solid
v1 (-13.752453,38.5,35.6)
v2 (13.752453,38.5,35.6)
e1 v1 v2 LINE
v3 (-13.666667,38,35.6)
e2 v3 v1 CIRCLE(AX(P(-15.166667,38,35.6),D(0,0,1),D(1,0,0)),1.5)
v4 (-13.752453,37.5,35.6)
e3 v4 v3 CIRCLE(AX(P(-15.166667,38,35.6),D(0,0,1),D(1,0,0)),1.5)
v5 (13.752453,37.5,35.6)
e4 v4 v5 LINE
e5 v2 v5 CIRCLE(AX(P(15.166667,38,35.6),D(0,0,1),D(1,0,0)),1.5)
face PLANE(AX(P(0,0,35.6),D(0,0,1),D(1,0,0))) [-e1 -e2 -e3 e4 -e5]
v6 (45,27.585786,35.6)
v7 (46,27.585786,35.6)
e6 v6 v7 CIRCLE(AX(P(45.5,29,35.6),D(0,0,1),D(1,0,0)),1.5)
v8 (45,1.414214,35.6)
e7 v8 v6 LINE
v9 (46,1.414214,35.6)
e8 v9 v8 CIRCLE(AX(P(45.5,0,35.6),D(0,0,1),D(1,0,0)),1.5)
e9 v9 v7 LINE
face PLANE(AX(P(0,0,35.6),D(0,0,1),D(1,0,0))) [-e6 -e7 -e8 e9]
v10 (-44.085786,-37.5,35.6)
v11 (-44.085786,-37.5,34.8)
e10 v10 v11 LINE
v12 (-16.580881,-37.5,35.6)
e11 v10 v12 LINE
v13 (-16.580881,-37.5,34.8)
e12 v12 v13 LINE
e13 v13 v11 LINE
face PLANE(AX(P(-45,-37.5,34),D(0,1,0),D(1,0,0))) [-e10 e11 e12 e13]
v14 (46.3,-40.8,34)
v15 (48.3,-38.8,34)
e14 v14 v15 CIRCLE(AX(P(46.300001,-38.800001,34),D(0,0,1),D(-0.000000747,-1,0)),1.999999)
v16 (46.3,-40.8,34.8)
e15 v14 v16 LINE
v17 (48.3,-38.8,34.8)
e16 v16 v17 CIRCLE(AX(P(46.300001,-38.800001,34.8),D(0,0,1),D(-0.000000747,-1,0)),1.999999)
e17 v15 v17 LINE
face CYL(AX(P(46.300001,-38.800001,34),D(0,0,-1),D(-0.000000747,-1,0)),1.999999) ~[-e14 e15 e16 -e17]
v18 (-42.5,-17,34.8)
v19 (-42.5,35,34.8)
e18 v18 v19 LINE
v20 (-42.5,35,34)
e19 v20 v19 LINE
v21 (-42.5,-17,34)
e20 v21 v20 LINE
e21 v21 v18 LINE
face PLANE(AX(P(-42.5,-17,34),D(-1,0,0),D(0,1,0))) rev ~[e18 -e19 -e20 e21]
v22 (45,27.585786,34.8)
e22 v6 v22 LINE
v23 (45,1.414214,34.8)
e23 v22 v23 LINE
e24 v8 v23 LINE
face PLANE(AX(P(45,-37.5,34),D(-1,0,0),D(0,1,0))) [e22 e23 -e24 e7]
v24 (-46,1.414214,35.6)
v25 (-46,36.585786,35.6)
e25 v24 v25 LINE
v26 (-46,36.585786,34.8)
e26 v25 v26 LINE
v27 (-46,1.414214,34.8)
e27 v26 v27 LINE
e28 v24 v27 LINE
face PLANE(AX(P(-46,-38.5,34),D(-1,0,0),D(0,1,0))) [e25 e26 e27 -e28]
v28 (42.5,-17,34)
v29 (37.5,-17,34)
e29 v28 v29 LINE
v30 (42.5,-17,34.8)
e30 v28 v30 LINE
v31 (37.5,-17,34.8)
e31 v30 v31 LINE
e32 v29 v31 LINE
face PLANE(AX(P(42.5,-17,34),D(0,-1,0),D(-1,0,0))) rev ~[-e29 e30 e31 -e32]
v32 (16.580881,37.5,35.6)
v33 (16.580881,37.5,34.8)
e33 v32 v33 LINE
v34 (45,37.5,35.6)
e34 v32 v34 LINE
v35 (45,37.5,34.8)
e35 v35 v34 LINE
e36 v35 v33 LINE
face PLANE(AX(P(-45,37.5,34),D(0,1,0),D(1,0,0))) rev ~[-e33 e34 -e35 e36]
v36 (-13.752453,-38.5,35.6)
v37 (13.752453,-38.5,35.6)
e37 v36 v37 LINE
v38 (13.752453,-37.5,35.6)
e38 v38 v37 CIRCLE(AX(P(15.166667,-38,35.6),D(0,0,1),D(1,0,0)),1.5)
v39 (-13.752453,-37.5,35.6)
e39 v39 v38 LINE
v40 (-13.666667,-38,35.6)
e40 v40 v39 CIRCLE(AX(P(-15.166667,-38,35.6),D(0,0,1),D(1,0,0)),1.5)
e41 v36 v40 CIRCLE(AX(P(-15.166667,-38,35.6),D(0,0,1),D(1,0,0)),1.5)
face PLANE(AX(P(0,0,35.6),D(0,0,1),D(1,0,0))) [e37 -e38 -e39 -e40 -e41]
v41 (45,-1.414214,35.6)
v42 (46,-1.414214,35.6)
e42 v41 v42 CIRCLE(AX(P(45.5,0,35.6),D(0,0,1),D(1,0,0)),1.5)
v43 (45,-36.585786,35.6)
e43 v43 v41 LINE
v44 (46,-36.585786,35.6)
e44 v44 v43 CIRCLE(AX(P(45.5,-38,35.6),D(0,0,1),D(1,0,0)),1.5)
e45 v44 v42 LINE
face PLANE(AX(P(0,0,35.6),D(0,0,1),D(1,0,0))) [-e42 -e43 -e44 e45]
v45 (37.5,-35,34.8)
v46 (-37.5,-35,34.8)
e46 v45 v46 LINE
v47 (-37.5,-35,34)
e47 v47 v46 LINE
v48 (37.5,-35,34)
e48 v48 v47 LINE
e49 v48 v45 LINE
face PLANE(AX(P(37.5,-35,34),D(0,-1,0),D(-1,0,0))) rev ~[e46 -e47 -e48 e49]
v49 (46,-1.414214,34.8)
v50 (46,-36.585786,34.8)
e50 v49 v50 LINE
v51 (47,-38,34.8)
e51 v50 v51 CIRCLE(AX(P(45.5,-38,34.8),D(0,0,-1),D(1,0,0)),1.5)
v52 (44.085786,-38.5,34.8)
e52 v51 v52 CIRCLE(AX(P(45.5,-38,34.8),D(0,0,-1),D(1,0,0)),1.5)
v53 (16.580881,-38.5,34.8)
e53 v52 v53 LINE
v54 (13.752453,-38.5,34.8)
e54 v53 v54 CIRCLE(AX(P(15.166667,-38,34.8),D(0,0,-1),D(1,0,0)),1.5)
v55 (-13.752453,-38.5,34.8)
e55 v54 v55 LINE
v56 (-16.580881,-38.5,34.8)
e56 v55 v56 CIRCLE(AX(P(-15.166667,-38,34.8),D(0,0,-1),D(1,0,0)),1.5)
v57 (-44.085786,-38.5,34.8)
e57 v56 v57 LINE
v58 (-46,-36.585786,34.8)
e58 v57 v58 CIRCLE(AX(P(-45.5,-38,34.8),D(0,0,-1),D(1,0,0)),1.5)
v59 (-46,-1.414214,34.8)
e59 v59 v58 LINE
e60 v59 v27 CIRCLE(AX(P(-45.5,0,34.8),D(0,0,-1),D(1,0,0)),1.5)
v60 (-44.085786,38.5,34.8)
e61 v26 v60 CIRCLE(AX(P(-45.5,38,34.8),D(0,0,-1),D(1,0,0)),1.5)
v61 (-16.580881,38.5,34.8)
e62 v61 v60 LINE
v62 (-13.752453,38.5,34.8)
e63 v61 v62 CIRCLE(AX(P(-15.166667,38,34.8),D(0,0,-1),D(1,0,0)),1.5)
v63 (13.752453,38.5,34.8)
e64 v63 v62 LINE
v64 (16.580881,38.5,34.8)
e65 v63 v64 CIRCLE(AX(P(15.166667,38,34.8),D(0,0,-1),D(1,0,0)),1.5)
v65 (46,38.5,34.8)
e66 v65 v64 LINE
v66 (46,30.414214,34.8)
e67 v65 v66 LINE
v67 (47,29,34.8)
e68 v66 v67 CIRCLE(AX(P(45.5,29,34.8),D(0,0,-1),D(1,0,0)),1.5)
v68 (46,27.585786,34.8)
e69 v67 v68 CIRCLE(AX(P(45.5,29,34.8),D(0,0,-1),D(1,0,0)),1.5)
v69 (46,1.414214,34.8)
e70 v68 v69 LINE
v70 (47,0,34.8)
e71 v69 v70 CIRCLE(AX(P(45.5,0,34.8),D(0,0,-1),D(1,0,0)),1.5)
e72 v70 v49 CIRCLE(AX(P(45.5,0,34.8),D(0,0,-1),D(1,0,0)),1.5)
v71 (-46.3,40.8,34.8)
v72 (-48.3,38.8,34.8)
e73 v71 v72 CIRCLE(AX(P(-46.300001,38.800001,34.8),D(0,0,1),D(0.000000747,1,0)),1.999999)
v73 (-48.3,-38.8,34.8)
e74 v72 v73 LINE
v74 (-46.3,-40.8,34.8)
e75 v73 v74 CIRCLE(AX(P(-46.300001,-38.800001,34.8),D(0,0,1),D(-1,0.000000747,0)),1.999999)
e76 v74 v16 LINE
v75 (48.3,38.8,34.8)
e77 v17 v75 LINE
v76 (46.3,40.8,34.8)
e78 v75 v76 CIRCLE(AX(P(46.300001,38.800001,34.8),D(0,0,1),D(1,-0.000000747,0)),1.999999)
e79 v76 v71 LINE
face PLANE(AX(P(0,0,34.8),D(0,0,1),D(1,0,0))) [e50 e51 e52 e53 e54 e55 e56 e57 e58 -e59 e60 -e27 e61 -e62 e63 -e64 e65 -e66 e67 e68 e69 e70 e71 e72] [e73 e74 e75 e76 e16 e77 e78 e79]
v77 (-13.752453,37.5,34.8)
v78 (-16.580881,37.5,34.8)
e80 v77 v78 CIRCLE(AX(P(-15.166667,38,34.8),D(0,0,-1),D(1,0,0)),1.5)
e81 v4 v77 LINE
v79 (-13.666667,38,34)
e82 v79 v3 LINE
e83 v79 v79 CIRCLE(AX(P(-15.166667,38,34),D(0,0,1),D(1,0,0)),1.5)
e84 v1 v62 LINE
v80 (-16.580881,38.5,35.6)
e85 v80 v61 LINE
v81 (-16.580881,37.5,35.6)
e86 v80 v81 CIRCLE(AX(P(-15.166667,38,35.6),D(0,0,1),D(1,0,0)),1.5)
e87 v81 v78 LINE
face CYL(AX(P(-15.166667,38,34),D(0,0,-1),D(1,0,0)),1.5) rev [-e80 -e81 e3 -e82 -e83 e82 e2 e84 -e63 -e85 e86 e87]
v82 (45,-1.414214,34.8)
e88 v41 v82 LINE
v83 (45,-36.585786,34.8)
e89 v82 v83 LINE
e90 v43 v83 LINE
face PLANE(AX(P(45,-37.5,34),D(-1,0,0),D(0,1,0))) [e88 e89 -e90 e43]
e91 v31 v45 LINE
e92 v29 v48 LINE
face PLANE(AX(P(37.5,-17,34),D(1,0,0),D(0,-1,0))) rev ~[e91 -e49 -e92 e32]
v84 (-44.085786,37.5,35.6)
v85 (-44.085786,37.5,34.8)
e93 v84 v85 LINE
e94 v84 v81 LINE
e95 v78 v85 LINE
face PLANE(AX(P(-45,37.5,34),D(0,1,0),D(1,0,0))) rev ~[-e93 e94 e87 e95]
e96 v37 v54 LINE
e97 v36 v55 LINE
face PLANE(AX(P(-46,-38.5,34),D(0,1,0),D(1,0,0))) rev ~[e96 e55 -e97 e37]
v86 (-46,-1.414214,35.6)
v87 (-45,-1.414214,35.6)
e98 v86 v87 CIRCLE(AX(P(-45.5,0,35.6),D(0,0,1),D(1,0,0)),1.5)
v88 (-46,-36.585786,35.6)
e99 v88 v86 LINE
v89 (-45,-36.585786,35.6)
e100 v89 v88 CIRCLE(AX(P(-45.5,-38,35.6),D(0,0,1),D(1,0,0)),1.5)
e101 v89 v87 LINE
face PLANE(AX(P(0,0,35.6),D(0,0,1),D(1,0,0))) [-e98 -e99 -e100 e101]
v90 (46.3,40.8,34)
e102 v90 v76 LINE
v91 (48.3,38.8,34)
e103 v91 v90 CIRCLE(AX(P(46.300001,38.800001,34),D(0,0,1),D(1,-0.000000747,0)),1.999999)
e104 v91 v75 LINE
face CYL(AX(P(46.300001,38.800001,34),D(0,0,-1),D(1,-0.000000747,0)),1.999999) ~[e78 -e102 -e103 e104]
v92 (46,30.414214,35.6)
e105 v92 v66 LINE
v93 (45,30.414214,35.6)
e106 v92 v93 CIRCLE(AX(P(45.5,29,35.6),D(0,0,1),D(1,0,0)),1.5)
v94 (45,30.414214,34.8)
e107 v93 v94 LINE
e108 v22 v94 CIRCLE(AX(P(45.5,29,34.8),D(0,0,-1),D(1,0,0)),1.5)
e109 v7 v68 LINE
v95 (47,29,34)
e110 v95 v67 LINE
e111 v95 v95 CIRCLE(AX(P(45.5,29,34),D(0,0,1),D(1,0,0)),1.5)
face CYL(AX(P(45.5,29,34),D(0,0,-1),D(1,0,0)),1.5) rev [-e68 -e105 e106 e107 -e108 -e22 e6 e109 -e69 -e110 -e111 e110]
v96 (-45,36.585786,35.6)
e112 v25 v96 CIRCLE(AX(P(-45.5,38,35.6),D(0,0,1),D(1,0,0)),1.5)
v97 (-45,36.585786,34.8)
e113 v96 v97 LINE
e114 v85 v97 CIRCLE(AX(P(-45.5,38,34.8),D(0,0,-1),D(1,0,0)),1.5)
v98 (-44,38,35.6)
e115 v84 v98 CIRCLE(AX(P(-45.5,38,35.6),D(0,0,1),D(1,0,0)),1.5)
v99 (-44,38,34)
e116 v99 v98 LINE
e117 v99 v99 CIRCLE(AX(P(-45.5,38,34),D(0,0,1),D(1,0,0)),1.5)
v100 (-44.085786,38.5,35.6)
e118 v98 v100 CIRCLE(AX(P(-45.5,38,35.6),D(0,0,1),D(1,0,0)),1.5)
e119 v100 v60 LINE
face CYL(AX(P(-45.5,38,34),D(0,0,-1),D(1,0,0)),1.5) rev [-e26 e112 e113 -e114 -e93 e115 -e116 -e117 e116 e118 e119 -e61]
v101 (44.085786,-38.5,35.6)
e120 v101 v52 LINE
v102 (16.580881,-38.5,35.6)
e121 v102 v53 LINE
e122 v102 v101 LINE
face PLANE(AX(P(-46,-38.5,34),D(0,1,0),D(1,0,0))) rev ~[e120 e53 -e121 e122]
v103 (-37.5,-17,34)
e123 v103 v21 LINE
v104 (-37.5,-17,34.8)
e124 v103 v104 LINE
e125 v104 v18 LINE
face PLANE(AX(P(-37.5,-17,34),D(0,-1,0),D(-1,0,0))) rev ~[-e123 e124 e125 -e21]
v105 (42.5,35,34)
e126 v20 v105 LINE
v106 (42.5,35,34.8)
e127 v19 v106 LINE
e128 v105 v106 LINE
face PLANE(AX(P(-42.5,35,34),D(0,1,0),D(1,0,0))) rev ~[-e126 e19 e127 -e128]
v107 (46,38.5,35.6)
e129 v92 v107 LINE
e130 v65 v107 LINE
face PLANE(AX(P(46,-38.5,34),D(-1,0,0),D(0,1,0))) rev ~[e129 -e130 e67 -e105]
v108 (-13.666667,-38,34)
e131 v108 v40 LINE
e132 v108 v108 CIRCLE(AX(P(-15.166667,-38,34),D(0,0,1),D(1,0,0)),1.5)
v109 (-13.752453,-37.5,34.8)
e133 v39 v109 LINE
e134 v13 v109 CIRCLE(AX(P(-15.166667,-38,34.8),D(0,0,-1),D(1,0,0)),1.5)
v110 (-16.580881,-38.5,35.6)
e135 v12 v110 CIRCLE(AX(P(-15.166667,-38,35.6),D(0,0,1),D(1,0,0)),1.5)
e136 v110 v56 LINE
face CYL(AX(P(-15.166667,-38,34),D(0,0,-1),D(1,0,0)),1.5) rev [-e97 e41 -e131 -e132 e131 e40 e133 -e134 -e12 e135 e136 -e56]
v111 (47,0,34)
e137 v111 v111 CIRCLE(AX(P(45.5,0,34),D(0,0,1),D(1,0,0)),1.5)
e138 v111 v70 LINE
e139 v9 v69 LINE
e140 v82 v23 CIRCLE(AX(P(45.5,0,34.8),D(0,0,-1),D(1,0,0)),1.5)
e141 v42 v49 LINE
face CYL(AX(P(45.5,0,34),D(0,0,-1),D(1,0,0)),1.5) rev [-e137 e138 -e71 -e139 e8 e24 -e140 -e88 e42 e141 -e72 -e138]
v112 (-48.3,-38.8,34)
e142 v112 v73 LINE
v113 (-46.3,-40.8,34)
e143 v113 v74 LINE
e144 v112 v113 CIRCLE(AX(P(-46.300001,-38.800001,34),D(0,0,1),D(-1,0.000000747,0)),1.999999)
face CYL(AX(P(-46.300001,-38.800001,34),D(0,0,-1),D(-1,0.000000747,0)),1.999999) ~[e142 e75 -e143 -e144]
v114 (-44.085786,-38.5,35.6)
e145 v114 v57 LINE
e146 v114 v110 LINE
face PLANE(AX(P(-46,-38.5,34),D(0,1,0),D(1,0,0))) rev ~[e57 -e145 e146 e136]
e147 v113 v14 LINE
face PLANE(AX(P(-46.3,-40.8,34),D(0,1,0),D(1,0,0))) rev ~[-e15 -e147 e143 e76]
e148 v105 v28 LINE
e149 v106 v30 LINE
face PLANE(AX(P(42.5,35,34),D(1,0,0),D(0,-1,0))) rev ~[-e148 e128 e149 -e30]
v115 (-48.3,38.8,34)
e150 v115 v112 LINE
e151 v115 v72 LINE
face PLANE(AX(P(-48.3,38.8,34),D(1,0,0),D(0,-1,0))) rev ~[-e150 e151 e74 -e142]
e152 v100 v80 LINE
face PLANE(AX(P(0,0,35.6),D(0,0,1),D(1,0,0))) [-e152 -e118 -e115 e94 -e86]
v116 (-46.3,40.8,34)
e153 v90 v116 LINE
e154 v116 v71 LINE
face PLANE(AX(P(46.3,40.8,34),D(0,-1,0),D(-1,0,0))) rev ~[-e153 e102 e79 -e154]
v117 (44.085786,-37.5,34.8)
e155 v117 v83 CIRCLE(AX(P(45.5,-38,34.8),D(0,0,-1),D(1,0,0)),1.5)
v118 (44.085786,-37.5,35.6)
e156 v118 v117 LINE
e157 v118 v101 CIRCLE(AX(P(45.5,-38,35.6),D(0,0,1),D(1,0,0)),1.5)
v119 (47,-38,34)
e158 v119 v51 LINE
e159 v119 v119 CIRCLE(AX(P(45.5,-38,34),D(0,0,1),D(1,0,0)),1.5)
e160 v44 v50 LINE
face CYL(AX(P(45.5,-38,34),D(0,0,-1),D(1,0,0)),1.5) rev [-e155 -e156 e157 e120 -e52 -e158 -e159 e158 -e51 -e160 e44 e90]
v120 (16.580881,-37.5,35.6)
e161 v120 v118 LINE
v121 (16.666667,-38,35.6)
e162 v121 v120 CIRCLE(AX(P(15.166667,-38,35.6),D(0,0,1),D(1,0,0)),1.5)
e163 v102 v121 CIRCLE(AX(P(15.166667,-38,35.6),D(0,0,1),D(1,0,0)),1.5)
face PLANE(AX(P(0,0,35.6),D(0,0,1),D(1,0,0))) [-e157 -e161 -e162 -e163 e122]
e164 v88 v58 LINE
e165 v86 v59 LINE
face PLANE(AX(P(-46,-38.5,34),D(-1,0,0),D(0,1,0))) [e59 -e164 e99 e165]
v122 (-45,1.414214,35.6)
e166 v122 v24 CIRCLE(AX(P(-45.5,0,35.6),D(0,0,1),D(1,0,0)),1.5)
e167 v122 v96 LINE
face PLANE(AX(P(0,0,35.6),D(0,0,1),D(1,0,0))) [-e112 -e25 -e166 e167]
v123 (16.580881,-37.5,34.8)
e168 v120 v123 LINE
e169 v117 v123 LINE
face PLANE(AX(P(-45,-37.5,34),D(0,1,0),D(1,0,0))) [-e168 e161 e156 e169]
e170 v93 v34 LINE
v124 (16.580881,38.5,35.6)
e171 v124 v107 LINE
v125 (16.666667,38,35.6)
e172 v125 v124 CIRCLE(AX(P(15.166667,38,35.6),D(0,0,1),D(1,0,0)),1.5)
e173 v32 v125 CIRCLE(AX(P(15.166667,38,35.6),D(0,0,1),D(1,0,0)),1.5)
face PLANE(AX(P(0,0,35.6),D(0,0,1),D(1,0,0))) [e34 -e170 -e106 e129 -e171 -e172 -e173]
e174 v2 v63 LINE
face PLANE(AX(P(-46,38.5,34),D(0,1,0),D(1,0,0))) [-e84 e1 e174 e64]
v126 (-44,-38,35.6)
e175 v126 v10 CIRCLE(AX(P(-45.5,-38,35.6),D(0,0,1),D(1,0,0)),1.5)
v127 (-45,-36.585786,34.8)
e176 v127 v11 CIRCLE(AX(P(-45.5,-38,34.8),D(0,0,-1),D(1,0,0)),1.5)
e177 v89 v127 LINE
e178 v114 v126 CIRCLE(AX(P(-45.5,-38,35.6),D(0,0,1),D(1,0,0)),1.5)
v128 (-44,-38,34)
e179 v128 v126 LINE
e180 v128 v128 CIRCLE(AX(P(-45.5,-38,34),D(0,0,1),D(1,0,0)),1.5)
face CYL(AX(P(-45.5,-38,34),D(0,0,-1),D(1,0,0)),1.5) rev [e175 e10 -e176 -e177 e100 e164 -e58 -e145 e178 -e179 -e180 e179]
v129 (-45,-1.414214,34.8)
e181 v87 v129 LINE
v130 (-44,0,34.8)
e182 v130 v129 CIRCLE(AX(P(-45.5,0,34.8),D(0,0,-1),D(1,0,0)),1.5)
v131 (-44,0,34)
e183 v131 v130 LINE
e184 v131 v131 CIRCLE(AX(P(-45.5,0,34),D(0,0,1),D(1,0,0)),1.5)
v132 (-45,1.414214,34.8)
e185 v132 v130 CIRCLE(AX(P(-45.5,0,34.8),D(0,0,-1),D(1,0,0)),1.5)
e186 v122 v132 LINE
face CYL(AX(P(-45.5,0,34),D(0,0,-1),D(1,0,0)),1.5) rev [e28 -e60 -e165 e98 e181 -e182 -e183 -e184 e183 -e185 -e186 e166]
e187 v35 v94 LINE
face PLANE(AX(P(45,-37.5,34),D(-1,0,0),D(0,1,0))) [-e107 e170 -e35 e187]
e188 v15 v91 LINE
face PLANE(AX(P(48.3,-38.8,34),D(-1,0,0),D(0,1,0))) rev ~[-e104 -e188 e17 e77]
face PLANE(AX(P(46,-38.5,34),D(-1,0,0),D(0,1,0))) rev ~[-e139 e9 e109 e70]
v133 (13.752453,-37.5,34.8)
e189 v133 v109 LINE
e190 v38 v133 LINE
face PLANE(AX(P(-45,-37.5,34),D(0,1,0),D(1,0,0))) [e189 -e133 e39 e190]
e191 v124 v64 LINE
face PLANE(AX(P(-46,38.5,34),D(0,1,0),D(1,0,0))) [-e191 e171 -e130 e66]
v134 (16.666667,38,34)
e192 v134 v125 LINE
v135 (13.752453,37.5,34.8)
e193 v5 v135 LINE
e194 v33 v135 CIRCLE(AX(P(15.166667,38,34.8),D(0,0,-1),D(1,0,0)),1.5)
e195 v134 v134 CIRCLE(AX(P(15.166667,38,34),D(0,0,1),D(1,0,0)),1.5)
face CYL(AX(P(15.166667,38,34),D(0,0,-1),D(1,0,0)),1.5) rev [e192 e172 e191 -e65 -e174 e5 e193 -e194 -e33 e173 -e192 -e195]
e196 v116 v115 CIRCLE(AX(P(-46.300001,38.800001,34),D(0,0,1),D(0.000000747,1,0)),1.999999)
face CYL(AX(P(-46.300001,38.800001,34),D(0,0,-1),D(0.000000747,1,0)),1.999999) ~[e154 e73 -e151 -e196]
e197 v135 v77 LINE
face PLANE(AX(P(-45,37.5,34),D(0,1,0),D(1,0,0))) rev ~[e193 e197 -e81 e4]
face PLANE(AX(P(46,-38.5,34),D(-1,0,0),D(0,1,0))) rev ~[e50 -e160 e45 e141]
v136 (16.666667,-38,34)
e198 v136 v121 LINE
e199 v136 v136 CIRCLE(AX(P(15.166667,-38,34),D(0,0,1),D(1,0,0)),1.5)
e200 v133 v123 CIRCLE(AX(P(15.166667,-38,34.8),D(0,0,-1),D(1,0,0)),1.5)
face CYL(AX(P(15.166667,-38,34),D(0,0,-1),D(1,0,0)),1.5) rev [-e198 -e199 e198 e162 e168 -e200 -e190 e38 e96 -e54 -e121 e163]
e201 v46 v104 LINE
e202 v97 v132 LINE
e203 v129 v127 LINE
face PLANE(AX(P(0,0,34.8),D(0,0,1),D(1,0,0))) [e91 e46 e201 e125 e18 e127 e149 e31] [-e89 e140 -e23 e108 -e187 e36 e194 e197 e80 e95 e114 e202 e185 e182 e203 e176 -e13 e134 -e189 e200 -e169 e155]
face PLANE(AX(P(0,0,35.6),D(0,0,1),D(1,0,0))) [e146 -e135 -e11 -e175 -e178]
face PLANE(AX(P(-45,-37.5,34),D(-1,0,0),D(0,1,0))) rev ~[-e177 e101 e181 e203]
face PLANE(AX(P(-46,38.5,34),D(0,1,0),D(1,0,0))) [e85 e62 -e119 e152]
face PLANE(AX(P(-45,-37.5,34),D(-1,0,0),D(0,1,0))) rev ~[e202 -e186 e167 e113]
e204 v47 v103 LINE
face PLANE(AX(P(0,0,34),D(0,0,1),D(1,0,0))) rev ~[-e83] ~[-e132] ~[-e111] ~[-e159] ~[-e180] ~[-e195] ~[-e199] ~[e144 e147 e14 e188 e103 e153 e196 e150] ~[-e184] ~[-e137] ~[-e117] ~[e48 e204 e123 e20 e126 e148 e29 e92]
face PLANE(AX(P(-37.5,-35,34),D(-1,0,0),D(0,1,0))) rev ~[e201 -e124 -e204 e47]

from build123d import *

# Parameters (mm, degrees)
PAD011_DEPTH         = 0.8
SKETCH019_W          = 92
SKETCH019_H          = 77
SKETCH019_W_2        = 90
SKETCH019_H_2        = 75
PAD012_DEPTH         = 1.6
SKETCH018_R          = 1.5
POCKET007_DEPTH      = 1.6
POCKET007_DEPTH_BACK = 0.8


with BuildPart() as part:
    # Sketch017 (on XY_Plane002 of Origin004) → Pad011 (new body)
    with BuildSketch(Plane.XY):
        with BuildLine():
            Line((48.3, -38.8), (48.3, 38.8))
            ThreePointArc((48.3, 38.8), (47.714214, 40.214214), (46.3, 40.8))
            Line((46.3, 40.8), (-46.3, 40.8))
            ThreePointArc((-46.3, 40.8), (-47.714214, 40.214214), (-48.3, 38.8))
            Line((-48.3, 38.8), (-48.3, -38.8))
            ThreePointArc((-48.3, -38.8), (-47.714214, -40.214214), (-46.3, -40.8))
            Line((-46.3, -40.8), (46.3, -40.8))
            ThreePointArc((46.3, -40.8), (47.714214, -40.214214), (48.3, -38.8))
        make_face()
        Polygon((-42.5, 35), (42.5, 35), (42.5, -17), (37.5, -17), (37.5, -35), (-37.5, -35), (-37.5, -17), (-42.5, -17), align=None, mode=Mode.SUBTRACT)
    extrude(amount=PAD011_DEPTH)

    # Sketch019 (on XY_Plane002 of Origin004) → Pad012 (join)
    with BuildSketch(Plane.XY):
        Rectangle(SKETCH019_W, SKETCH019_H)
        Rectangle(SKETCH019_W_2, SKETCH019_H_2, mode=Mode.SUBTRACT)
    extrude(amount=PAD012_DEPTH)

    # Sketch018 (on XY_Plane002 of Origin004) → Pocket007 (cut, two sides)
    with BuildSketch(Plane.XY) as pocket007_sk:
        with Locations((-45.5, 38)):
            Circle(SKETCH018_R)
        with Locations((-15.166667, 38)):
            Circle(SKETCH018_R)
        with Locations((15.166667, 38)):
            Circle(SKETCH018_R)
        with Locations((45.5, 29)):
            Circle(SKETCH018_R)
        with Locations((45.5, 0)):
            Circle(SKETCH018_R)
        with Locations((45.5, -38)):
            Circle(SKETCH018_R)
        with Locations((15.166667, -38)):
            Circle(SKETCH018_R)
        with Locations((-15.166667, -38)):
            Circle(SKETCH018_R)
        with Locations((-45.5, -38)):
            Circle(SKETCH018_R)
        with Locations((-45.5, 0)):
            Circle(SKETCH018_R)
    extrude(amount=POCKET007_DEPTH, mode=Mode.SUBTRACT)
    extrude(pocket007_sk.sketch, amount=-POCKET007_DEPTH_BACK, mode=Mode.SUBTRACT)


with BuildPart() as part_1:
    # Body002 placement: moved
    add(part.part.moved(Location((0, 0, 34))))


solid = part_1.part
